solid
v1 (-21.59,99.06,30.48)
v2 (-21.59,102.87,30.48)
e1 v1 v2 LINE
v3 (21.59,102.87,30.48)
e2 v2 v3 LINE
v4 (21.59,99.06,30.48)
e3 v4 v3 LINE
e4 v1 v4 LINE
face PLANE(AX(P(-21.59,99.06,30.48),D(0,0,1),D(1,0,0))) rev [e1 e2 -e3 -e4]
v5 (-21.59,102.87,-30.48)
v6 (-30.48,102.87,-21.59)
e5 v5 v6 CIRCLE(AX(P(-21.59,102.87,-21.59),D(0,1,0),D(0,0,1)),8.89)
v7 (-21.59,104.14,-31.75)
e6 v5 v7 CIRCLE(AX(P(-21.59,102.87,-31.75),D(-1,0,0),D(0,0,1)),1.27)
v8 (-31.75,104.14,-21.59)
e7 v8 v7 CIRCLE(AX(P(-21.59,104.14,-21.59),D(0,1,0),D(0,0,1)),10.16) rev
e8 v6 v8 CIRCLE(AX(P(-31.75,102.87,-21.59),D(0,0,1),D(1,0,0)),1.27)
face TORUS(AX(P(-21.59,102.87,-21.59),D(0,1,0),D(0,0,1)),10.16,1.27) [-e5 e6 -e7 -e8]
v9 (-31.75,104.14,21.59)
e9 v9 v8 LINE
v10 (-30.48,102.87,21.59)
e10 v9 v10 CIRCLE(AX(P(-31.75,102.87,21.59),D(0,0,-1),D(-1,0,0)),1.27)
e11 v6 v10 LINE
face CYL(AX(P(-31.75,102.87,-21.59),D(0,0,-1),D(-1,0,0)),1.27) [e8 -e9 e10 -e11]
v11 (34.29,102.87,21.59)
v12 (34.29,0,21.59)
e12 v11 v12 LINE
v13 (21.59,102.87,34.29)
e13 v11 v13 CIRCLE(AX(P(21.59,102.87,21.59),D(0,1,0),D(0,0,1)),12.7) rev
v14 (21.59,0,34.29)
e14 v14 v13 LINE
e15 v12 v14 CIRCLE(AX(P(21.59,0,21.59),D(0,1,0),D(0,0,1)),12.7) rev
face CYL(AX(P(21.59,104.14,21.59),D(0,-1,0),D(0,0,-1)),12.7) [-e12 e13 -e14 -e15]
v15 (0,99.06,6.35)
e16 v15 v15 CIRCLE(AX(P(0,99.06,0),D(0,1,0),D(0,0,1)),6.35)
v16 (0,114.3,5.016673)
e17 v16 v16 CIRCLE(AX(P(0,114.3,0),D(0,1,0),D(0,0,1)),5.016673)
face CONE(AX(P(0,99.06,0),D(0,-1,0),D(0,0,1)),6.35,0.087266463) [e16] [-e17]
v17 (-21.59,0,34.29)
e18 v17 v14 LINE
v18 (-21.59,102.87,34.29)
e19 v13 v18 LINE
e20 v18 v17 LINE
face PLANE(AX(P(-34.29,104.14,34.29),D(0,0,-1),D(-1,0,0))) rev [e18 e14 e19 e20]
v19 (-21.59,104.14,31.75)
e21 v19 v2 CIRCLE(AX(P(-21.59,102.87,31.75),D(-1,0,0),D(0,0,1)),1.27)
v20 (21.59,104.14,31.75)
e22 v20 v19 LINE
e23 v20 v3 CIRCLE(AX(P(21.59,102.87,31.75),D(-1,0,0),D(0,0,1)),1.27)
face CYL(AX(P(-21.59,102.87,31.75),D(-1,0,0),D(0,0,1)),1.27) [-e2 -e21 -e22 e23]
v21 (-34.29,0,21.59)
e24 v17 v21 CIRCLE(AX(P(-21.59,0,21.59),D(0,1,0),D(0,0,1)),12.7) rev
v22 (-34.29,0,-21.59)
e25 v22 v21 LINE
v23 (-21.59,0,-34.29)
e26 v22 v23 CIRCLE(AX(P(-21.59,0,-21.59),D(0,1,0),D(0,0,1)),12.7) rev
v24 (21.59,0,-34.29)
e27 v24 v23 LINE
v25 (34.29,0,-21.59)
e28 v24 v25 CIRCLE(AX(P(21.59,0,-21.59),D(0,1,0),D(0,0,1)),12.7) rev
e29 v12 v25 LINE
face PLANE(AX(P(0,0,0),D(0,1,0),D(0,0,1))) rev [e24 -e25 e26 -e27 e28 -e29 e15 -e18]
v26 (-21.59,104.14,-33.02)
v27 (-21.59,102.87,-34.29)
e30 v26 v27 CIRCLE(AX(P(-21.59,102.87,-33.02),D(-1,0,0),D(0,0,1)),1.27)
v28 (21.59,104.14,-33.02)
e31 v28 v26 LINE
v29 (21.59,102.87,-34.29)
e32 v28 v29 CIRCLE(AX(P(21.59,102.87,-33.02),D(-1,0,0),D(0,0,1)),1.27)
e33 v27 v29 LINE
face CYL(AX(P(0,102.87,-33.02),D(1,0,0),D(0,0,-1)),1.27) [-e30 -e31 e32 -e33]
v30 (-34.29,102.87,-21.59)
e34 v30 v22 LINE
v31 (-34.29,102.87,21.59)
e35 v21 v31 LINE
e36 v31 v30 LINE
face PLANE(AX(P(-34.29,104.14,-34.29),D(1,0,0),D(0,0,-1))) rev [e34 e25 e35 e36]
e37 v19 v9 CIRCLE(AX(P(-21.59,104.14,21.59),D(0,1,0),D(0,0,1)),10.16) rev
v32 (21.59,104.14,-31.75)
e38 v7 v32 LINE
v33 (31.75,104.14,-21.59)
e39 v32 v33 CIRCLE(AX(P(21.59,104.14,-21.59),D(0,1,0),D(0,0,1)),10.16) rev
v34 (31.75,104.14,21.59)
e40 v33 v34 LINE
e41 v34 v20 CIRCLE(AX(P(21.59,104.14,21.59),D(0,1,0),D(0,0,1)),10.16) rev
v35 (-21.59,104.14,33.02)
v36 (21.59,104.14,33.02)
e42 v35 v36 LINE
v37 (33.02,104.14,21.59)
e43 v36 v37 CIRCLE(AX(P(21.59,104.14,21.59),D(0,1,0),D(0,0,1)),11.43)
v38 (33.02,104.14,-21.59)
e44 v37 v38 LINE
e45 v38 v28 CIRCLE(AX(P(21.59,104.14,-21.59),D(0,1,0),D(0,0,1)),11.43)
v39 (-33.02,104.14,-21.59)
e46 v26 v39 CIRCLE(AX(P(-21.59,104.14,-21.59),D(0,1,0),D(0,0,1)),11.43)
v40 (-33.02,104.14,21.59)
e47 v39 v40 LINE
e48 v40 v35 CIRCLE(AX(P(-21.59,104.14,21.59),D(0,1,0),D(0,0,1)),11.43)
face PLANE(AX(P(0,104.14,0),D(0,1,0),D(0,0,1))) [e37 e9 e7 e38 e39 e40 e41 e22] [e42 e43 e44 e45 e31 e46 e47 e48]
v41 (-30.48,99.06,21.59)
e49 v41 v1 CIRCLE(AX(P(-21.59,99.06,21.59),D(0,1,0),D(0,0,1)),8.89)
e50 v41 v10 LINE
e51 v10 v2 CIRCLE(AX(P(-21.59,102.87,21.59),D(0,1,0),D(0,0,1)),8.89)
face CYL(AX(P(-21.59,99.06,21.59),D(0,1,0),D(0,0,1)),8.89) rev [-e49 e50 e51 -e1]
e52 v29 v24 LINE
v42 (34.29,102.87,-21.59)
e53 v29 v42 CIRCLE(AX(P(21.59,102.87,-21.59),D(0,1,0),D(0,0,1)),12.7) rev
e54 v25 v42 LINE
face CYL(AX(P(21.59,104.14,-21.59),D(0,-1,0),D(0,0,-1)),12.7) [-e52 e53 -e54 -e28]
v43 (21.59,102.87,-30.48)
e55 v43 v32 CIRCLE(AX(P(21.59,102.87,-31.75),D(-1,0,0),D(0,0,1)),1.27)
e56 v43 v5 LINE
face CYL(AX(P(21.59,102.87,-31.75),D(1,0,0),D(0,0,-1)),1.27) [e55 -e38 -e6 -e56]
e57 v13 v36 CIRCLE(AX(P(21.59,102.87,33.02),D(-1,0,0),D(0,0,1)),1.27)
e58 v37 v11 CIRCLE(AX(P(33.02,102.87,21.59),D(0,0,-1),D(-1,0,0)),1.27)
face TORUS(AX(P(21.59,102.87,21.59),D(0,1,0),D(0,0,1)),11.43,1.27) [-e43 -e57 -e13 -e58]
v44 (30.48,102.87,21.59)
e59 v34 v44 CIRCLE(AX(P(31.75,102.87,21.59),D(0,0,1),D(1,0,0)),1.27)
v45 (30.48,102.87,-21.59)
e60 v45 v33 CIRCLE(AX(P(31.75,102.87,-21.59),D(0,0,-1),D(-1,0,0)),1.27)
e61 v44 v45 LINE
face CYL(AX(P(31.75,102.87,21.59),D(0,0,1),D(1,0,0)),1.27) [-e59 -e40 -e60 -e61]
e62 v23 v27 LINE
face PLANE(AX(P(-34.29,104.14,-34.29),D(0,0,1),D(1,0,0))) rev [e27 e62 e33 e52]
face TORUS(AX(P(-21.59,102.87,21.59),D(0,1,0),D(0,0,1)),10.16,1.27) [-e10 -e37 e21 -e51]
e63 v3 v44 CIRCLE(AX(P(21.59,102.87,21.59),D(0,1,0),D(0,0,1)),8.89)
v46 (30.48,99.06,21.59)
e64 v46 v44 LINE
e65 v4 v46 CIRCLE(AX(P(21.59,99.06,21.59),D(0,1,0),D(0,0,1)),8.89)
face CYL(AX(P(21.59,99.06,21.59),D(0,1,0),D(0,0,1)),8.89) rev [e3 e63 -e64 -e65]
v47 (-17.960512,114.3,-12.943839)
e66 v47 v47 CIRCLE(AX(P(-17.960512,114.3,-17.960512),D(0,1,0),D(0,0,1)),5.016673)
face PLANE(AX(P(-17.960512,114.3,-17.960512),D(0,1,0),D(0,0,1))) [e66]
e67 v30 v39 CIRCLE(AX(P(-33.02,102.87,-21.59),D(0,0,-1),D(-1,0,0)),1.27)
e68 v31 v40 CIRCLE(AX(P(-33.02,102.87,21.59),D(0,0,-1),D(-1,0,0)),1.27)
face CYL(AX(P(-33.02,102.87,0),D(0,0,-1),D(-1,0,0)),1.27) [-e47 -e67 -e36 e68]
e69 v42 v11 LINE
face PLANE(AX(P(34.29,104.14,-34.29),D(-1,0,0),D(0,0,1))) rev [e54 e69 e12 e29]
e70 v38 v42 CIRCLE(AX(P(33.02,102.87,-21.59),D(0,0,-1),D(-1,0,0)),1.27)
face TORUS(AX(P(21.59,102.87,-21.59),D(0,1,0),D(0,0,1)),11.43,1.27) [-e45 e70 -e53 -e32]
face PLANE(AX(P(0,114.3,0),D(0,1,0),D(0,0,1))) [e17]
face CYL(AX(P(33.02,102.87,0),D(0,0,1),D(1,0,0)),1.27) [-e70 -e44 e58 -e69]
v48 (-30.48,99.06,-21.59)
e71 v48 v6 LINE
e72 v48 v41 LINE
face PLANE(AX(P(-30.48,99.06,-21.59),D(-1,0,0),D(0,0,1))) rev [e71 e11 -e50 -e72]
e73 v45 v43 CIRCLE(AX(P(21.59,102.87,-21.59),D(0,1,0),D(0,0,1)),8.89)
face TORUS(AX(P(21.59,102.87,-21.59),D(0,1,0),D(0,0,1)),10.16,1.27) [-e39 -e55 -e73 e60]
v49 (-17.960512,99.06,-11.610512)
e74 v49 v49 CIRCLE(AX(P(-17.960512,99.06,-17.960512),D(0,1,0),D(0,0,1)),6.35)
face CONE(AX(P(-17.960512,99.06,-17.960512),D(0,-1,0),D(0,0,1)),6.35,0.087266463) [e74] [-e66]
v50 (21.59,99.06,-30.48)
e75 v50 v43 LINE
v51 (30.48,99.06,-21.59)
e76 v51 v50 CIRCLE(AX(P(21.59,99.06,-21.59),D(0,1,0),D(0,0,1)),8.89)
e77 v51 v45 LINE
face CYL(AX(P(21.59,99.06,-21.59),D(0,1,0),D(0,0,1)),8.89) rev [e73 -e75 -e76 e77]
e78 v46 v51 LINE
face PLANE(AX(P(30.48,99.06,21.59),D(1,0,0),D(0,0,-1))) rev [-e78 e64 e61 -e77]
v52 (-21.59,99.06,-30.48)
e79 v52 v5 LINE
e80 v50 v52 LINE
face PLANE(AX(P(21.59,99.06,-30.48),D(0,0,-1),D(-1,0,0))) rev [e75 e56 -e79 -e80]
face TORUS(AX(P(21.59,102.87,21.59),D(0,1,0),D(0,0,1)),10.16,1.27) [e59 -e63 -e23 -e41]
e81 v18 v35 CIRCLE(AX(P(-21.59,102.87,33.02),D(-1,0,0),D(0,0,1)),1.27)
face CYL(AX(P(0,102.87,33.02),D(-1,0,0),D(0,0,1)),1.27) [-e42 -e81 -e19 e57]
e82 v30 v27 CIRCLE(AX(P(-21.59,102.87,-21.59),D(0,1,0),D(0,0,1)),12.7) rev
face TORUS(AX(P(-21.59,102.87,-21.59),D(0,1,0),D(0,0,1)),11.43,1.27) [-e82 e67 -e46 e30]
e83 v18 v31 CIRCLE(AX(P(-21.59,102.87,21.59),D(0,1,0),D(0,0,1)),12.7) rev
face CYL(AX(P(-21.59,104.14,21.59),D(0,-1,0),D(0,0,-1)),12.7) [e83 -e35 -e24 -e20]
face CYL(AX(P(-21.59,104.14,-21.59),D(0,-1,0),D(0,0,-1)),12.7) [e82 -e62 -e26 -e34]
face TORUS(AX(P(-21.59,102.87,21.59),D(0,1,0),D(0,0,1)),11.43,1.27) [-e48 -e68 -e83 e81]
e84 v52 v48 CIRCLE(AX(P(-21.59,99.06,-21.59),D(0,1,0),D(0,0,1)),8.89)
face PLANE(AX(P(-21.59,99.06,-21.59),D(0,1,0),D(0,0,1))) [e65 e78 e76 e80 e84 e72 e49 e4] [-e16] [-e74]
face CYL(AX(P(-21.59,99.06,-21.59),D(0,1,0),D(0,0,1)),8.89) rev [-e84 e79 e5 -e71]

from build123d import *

# Parameters (mm, degrees)
SKETCH2_W          = 68.58
SKETCH2_H          = 68.58
BASE_EXTRUDE_DEPTH = 104.14
SIDE_FILLETS_R     = 12.7
TOP_CUT_DEPTH      = 5.08
TOP_FACE_FILLET_R  = 1.27
SKETCH9_R          = 6.35
TERMINALS_DEPTH    = 15.24
TERMINALS_TAPER    = 5


with BuildPart() as part:
    # Sketch2 → Base-Extrude (new body)
    with BuildSketch(Plane(origin=(0, 0, 0), x_dir=(1, 0, 0), z_dir=(0, 1, 0))):
        Rectangle(SKETCH2_W, SKETCH2_H)
    extrude(amount=BASE_EXTRUDE_DEPTH)

    # Side Fillets
    side_fillets_edges = [part.edges().sort_by_distance(p)[0] for p in [
        (34.29, 52.07, 34.29),
        (-34.29, 52.07, 34.29),
        (-34.29, 52.07, -34.29),
        (34.29, 52.07, -34.29),
    ]]
    fillet(side_fillets_edges, radius=SIDE_FILLETS_R)

    # Sketch5 → Top Cut (cut)
    with BuildSketch(Plane(origin=(0, 104.14, 0), x_dir=(1, 0, 0), z_dir=(0, 1, 0))):
        with BuildLine():
            Line((-30.48, 21.59), (-30.48, -21.59))
            ThreePointArc((-30.48, -21.59), (-27.876179285, -27.876179285), (-21.59, -30.48))
            Line((-21.59, -30.48), (21.59, -30.48))
            ThreePointArc((21.59, -30.48), (27.876179285, -27.876179285), (30.48, -21.59))
            Line((30.48, -21.59), (30.48, 21.59))
            ThreePointArc((30.48, 21.59), (27.876179285, 27.876179285), (21.59, 30.48))
            Line((21.59, 30.48), (-21.59, 30.48))
            ThreePointArc((-21.59, 30.48), (-27.876179285, 27.876179285), (-30.48, 21.59))
        make_face()
    extrude(amount=-TOP_CUT_DEPTH, mode=Mode.SUBTRACT)

    # Top Face Fillet
    top_face_fillet_edges = [part.edges().sort_by_distance(p)[0] for p in [
        (0, 104.14, 34.29),
        (-34.29, 104.14, 0),
        (34.29, 104.14, 0),
        (0, 104.14, -34.29),
        (30.570256121, 104.14, 30.570256121),
        (30.570256121, 104.14, -30.570256121),
        (-30.570256121, 104.14, -30.570256121),
        (-30.570256121, 104.14, 30.570256121),
        (-27.876179285, 104.14, -27.876179285),
        (-30.48, 104.14, 0),
        (-27.876179285, 104.14, 27.876179285),
        (0, 104.14, 30.48),
        (27.876179285, 104.14, 27.876179285),
        (30.48, 104.14, 0),
        (27.876179285, 104.14, -27.876179285),
        (0, 104.14, -30.48),
    ]]
    fillet(top_face_fillet_edges, radius=TOP_FACE_FILLET_R)

    # Sketch9 → Terminals (add)
    with BuildSketch(Plane(origin=(0, 99.06, 0), x_dir=(1, 0, 0), z_dir=(0, 1, 0))):
        Circle(SKETCH9_R)
        with Locations((-17.960512242, 17.960512242)):
            Circle(SKETCH9_R)
    extrude(amount=TERMINALS_DEPTH, taper=TERMINALS_TAPER)


solid = part.part
